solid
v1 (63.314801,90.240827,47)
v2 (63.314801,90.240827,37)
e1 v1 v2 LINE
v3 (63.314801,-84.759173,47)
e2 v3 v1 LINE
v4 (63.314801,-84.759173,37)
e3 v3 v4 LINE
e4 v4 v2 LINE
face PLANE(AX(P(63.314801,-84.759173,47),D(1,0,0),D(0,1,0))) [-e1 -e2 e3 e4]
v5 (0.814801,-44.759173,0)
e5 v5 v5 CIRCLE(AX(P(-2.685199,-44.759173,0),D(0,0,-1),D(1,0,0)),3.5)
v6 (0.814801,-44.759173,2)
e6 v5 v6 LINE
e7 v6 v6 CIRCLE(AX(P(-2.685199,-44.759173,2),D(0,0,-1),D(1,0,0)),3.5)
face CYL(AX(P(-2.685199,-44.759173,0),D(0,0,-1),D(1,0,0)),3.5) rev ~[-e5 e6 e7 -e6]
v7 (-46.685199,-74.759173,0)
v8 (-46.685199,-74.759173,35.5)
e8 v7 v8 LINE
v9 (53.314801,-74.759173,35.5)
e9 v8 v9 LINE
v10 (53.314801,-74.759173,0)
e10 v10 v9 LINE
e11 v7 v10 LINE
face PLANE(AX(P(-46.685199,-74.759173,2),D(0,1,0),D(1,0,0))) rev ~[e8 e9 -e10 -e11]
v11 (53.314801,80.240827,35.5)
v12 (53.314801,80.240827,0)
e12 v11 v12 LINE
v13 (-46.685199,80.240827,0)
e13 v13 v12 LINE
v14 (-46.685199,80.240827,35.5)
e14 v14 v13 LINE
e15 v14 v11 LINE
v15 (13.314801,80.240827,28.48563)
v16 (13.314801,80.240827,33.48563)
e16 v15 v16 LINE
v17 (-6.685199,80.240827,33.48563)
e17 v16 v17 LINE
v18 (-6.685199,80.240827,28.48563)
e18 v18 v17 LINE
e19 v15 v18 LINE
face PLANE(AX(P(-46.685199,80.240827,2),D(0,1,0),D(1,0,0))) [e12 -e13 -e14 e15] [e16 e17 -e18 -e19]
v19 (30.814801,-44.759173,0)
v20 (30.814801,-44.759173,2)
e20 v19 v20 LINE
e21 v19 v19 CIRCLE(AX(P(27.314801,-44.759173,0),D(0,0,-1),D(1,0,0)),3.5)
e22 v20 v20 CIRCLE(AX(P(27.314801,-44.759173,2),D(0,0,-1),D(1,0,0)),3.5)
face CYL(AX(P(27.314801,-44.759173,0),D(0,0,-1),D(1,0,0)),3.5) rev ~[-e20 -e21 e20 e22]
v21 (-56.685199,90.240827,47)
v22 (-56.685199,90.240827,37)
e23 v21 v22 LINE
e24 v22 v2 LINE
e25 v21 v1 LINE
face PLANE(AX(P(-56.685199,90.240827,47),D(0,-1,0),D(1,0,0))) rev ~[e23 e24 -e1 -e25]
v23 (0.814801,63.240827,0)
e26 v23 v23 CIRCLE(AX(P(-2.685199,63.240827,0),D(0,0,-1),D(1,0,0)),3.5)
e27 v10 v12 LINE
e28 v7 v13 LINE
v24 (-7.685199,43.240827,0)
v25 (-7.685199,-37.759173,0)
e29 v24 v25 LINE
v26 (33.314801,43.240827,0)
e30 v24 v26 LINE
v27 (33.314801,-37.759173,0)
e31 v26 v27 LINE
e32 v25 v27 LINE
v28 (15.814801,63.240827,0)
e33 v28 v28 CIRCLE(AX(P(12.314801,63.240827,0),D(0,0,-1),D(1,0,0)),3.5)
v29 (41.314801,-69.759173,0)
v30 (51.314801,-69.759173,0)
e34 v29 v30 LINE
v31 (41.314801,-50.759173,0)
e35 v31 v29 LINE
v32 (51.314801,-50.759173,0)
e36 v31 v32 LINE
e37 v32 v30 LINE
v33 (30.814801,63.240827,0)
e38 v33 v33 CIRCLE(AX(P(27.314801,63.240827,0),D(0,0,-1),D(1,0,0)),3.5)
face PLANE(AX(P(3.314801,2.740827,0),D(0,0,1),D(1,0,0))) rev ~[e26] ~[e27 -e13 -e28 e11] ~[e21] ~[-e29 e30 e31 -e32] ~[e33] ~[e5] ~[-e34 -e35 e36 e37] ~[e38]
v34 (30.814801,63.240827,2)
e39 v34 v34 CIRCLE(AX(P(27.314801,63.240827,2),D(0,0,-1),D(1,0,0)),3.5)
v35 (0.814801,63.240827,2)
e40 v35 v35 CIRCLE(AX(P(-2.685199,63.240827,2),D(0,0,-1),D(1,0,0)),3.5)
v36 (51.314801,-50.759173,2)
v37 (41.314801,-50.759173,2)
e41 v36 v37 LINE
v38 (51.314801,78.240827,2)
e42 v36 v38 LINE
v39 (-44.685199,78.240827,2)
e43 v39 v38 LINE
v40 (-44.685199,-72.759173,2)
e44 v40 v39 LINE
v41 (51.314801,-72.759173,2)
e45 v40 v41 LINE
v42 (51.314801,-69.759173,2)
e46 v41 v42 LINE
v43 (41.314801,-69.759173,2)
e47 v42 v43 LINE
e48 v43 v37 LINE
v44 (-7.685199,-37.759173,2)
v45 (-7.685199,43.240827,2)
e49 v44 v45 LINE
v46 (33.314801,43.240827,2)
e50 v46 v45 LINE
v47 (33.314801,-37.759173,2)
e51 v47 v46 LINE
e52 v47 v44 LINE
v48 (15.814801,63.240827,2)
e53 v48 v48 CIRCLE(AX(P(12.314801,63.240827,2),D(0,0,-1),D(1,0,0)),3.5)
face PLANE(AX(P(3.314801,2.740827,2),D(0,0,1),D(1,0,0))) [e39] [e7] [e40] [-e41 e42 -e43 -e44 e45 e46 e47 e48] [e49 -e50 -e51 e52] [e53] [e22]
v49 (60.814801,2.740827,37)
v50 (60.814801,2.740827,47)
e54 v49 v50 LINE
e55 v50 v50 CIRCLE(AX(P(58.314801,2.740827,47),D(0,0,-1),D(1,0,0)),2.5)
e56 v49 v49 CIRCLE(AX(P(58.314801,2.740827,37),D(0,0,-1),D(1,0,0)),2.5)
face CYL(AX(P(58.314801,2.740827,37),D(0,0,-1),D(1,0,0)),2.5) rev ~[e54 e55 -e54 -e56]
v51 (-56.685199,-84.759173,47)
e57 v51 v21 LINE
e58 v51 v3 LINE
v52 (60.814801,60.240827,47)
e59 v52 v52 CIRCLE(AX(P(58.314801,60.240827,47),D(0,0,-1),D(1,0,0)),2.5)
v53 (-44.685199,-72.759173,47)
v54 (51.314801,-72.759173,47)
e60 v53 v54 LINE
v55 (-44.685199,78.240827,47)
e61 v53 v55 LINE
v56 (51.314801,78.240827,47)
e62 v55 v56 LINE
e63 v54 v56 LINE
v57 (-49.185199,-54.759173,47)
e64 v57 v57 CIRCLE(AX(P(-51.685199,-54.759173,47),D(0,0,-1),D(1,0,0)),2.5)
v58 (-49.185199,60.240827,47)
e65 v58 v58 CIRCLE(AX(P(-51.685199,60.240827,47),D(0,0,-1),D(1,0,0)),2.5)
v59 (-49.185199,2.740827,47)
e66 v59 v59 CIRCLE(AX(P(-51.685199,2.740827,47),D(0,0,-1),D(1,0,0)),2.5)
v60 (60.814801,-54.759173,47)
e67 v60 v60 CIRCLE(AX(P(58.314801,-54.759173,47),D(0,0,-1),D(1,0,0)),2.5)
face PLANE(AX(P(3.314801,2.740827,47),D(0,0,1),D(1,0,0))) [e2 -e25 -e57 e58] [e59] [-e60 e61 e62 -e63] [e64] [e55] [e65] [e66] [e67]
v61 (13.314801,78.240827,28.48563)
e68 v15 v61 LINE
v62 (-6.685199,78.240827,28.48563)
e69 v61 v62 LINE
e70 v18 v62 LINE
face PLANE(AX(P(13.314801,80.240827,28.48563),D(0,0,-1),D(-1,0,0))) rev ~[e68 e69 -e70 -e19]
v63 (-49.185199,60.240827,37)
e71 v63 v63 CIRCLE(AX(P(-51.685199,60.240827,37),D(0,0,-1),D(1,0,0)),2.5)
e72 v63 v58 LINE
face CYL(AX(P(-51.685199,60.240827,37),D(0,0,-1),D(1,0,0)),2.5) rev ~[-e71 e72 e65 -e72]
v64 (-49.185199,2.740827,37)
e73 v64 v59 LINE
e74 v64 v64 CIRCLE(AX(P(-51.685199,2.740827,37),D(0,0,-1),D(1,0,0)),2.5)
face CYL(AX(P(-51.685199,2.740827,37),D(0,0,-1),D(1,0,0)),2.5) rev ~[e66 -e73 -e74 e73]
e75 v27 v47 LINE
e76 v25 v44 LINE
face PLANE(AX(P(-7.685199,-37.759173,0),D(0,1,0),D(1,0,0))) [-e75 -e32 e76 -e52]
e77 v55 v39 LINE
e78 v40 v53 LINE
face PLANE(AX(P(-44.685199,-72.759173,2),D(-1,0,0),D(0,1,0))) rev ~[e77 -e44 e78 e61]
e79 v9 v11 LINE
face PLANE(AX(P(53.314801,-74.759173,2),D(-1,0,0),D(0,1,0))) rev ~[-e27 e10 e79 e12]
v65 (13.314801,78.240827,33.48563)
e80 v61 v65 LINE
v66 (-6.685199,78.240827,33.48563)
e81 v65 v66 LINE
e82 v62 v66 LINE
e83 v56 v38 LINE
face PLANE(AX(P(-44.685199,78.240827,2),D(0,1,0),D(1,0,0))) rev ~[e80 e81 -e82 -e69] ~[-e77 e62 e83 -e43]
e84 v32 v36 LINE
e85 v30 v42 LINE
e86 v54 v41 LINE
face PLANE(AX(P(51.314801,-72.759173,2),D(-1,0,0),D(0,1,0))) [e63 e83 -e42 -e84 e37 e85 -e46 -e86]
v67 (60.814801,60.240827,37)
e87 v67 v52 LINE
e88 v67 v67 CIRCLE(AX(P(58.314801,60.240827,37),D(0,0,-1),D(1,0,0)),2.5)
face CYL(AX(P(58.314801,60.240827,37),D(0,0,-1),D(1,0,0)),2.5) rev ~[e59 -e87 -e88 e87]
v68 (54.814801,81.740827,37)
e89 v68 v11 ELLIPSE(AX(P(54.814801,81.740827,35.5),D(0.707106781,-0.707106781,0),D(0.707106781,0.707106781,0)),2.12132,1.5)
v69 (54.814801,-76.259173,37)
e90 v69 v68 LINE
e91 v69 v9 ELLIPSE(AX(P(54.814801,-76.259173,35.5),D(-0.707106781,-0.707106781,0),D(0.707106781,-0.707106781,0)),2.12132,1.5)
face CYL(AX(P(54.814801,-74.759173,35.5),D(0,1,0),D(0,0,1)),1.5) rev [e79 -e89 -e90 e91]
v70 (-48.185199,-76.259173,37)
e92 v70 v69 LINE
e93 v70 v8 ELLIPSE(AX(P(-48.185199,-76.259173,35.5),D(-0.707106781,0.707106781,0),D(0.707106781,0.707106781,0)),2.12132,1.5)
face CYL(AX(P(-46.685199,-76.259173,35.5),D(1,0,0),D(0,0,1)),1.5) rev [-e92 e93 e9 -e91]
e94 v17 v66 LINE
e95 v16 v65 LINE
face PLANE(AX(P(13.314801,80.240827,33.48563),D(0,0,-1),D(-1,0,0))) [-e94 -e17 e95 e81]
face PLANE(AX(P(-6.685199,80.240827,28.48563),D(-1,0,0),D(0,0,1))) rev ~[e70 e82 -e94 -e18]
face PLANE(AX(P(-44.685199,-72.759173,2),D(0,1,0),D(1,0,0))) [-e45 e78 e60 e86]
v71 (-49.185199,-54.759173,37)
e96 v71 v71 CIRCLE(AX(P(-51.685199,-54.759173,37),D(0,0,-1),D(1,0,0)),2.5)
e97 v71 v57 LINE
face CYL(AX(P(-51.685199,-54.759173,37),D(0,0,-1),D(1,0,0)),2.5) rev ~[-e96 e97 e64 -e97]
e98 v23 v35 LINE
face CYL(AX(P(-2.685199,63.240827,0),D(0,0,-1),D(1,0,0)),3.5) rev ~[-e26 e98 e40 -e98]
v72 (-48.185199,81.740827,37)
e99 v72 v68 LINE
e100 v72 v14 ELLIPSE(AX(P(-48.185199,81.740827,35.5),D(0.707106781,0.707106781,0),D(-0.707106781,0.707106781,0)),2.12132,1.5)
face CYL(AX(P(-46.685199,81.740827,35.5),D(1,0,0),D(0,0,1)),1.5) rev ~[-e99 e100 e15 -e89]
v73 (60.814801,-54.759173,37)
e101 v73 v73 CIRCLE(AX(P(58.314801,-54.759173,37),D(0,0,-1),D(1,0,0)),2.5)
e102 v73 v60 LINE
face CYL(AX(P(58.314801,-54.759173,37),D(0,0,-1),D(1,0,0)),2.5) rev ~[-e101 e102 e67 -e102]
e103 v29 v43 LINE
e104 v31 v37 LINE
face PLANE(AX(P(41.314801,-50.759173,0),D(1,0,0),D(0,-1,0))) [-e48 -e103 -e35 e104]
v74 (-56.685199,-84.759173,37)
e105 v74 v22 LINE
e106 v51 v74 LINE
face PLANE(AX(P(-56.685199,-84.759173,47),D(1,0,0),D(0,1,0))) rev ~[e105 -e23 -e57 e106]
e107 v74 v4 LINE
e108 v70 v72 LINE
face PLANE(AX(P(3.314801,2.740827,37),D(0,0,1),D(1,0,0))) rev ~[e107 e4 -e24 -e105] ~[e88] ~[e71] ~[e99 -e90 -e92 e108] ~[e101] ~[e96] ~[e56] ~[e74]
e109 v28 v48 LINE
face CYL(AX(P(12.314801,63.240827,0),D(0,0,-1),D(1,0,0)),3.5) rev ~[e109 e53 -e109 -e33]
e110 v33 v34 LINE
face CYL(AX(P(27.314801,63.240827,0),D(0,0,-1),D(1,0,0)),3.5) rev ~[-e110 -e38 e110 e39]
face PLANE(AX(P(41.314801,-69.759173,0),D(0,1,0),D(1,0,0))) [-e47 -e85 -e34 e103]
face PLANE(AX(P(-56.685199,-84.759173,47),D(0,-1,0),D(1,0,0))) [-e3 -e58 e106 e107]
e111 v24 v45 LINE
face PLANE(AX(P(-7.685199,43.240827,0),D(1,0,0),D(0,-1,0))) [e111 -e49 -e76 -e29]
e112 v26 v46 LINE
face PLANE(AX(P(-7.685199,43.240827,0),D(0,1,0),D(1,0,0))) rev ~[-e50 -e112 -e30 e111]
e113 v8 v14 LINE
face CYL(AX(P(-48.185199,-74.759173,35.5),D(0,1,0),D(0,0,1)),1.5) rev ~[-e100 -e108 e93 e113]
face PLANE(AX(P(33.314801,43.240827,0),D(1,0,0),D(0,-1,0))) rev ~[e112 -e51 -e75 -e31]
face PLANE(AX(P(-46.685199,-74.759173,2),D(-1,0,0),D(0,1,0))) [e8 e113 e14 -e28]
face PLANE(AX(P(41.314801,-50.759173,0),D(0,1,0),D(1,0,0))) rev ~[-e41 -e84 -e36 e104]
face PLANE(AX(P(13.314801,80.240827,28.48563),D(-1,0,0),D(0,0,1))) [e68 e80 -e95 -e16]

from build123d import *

# Parameters (mm, degrees)
F0_W      = 100
F0_H      = 155
F1_DEPTH  = 2
F2_W      = 100
F2_H      = 155
F2_W_2    = 96
F2_H_2    = 151
F3_DEPTH  = 45
F4_W      = 41
F4_H      = 81
F5_DEPTH  = 25
F6_R      = 3.5
F7_DEPTH  = 25
F8_W      = 10
F8_H      = 19
F9_DEPTH  = 25
F10_W     = 120
F10_H     = 175
F10_W_2   = 96
F10_H_2   = 151
F11_DEPTH = 10
F12_R     = 2.5
F13_DEPTH = 25
F14_W     = 20
F14_H     = 5
F15_DEPTH = 25
F16_R     = 1.5


with BuildPart() as f1:
    # F0 (on Top) → F1 (new body)
    with BuildSketch(Plane.XY):
        with Locations((3.314801, 2.740827)):
            Rectangle(F0_W, F0_H)
    extrude(amount=F1_DEPTH)

    # F2 (on face) → F3 (join)
    with BuildSketch(Plane.XY.offset(2)):
        with Locations((3.314801, 2.740827)):
            Rectangle(F2_W, F2_H)
        with Locations((3.314801, 2.740827)):
            Rectangle(F2_W_2, F2_H_2, mode=Mode.SUBTRACT)
    extrude(amount=F3_DEPTH)

    # F4 (on face) → F5 (cut)
    with BuildSketch(Plane(origin=(0, 0, 0), x_dir=(1, 0, 0), z_dir=(0, 0, -1))):
        with Locations((12.814801, -2.740827)):
            Rectangle(F4_W, F4_H)
    extrude(amount=-F5_DEPTH, mode=Mode.SUBTRACT)

    # F6 (on face) → F7 (cut)
    with BuildSketch(Plane(origin=(0, 0, 0), x_dir=(1, 0, 0), z_dir=(0, 0, -1))):
        with Locations((-2.685199, 44.759173)):
            Circle(F6_R)
        with Locations((27.314801, 44.759173)):
            Circle(F6_R)
        with Locations((27.314801, -63.240827)):
            Circle(F6_R)
        with Locations((12.314801, -63.240827)):
            Circle(F6_R)
        with Locations((-2.685199, -63.240827)):
            Circle(F6_R)
    extrude(amount=-F7_DEPTH, mode=Mode.SUBTRACT)

    # F8 (on face) → F9 (cut)
    with BuildSketch(Plane(origin=(0, 0, 0), x_dir=(1, 0, 0), z_dir=(0, 0, -1))):
        with Locations((46.314801, 60.259173)):
            Rectangle(F8_W, F8_H)
    extrude(amount=-F9_DEPTH, mode=Mode.SUBTRACT)

    # F10 (on face) → F11 (join)
    with BuildSketch(Plane.XY.offset(47)):
        with Locations((3.314801, 2.740827)):
            Rectangle(F10_W, F10_H)
        with Locations((3.314801, 2.740827)):
            Rectangle(F10_W_2, F10_H_2, mode=Mode.SUBTRACT)
    extrude(amount=-F11_DEPTH)

    # F12 (on face) → F13 (cut)
    with BuildSketch(Plane(origin=(0, 0, 37), x_dir=(1, 0, 0), z_dir=(0, 0, -1))):
        with Locations((-51.685199, -60.240827)):
            Circle(F12_R)
        with Locations((-51.685199, -2.740827)):
            Circle(F12_R)
        with Locations((-51.685199, 54.759173)):
            Circle(F12_R)
        with Locations((58.314801, 54.759173)):
            Circle(F12_R)
        with Locations((58.314801, -2.740827)):
            Circle(F12_R)
        with Locations((58.314801, -60.240827)):
            Circle(F12_R)
    extrude(amount=-F13_DEPTH, mode=Mode.SUBTRACT)

    # F14 (on face) → F15 (cut)
    with BuildSketch(Plane(origin=(0, 80.240827, 0), x_dir=(-1, 0, 0), z_dir=(0, 1, 0))):
        with Locations((-3.314801, 30.98563)):
            Rectangle(F14_W, F14_H)
    extrude(amount=-F15_DEPTH, mode=Mode.SUBTRACT)

    # F16
    f16_edges = [f1.edges().sort_by_distance(p)[0] for p in [
        (-46.685199, 2.740827, 37),
        (3.314801, 80.240827, 37),
        (3.314801, -74.759173, 37),
        (53.314801, 2.740827, 37),
    ]]
    fillet(f16_edges, radius=F16_R)


solid = f1.part
